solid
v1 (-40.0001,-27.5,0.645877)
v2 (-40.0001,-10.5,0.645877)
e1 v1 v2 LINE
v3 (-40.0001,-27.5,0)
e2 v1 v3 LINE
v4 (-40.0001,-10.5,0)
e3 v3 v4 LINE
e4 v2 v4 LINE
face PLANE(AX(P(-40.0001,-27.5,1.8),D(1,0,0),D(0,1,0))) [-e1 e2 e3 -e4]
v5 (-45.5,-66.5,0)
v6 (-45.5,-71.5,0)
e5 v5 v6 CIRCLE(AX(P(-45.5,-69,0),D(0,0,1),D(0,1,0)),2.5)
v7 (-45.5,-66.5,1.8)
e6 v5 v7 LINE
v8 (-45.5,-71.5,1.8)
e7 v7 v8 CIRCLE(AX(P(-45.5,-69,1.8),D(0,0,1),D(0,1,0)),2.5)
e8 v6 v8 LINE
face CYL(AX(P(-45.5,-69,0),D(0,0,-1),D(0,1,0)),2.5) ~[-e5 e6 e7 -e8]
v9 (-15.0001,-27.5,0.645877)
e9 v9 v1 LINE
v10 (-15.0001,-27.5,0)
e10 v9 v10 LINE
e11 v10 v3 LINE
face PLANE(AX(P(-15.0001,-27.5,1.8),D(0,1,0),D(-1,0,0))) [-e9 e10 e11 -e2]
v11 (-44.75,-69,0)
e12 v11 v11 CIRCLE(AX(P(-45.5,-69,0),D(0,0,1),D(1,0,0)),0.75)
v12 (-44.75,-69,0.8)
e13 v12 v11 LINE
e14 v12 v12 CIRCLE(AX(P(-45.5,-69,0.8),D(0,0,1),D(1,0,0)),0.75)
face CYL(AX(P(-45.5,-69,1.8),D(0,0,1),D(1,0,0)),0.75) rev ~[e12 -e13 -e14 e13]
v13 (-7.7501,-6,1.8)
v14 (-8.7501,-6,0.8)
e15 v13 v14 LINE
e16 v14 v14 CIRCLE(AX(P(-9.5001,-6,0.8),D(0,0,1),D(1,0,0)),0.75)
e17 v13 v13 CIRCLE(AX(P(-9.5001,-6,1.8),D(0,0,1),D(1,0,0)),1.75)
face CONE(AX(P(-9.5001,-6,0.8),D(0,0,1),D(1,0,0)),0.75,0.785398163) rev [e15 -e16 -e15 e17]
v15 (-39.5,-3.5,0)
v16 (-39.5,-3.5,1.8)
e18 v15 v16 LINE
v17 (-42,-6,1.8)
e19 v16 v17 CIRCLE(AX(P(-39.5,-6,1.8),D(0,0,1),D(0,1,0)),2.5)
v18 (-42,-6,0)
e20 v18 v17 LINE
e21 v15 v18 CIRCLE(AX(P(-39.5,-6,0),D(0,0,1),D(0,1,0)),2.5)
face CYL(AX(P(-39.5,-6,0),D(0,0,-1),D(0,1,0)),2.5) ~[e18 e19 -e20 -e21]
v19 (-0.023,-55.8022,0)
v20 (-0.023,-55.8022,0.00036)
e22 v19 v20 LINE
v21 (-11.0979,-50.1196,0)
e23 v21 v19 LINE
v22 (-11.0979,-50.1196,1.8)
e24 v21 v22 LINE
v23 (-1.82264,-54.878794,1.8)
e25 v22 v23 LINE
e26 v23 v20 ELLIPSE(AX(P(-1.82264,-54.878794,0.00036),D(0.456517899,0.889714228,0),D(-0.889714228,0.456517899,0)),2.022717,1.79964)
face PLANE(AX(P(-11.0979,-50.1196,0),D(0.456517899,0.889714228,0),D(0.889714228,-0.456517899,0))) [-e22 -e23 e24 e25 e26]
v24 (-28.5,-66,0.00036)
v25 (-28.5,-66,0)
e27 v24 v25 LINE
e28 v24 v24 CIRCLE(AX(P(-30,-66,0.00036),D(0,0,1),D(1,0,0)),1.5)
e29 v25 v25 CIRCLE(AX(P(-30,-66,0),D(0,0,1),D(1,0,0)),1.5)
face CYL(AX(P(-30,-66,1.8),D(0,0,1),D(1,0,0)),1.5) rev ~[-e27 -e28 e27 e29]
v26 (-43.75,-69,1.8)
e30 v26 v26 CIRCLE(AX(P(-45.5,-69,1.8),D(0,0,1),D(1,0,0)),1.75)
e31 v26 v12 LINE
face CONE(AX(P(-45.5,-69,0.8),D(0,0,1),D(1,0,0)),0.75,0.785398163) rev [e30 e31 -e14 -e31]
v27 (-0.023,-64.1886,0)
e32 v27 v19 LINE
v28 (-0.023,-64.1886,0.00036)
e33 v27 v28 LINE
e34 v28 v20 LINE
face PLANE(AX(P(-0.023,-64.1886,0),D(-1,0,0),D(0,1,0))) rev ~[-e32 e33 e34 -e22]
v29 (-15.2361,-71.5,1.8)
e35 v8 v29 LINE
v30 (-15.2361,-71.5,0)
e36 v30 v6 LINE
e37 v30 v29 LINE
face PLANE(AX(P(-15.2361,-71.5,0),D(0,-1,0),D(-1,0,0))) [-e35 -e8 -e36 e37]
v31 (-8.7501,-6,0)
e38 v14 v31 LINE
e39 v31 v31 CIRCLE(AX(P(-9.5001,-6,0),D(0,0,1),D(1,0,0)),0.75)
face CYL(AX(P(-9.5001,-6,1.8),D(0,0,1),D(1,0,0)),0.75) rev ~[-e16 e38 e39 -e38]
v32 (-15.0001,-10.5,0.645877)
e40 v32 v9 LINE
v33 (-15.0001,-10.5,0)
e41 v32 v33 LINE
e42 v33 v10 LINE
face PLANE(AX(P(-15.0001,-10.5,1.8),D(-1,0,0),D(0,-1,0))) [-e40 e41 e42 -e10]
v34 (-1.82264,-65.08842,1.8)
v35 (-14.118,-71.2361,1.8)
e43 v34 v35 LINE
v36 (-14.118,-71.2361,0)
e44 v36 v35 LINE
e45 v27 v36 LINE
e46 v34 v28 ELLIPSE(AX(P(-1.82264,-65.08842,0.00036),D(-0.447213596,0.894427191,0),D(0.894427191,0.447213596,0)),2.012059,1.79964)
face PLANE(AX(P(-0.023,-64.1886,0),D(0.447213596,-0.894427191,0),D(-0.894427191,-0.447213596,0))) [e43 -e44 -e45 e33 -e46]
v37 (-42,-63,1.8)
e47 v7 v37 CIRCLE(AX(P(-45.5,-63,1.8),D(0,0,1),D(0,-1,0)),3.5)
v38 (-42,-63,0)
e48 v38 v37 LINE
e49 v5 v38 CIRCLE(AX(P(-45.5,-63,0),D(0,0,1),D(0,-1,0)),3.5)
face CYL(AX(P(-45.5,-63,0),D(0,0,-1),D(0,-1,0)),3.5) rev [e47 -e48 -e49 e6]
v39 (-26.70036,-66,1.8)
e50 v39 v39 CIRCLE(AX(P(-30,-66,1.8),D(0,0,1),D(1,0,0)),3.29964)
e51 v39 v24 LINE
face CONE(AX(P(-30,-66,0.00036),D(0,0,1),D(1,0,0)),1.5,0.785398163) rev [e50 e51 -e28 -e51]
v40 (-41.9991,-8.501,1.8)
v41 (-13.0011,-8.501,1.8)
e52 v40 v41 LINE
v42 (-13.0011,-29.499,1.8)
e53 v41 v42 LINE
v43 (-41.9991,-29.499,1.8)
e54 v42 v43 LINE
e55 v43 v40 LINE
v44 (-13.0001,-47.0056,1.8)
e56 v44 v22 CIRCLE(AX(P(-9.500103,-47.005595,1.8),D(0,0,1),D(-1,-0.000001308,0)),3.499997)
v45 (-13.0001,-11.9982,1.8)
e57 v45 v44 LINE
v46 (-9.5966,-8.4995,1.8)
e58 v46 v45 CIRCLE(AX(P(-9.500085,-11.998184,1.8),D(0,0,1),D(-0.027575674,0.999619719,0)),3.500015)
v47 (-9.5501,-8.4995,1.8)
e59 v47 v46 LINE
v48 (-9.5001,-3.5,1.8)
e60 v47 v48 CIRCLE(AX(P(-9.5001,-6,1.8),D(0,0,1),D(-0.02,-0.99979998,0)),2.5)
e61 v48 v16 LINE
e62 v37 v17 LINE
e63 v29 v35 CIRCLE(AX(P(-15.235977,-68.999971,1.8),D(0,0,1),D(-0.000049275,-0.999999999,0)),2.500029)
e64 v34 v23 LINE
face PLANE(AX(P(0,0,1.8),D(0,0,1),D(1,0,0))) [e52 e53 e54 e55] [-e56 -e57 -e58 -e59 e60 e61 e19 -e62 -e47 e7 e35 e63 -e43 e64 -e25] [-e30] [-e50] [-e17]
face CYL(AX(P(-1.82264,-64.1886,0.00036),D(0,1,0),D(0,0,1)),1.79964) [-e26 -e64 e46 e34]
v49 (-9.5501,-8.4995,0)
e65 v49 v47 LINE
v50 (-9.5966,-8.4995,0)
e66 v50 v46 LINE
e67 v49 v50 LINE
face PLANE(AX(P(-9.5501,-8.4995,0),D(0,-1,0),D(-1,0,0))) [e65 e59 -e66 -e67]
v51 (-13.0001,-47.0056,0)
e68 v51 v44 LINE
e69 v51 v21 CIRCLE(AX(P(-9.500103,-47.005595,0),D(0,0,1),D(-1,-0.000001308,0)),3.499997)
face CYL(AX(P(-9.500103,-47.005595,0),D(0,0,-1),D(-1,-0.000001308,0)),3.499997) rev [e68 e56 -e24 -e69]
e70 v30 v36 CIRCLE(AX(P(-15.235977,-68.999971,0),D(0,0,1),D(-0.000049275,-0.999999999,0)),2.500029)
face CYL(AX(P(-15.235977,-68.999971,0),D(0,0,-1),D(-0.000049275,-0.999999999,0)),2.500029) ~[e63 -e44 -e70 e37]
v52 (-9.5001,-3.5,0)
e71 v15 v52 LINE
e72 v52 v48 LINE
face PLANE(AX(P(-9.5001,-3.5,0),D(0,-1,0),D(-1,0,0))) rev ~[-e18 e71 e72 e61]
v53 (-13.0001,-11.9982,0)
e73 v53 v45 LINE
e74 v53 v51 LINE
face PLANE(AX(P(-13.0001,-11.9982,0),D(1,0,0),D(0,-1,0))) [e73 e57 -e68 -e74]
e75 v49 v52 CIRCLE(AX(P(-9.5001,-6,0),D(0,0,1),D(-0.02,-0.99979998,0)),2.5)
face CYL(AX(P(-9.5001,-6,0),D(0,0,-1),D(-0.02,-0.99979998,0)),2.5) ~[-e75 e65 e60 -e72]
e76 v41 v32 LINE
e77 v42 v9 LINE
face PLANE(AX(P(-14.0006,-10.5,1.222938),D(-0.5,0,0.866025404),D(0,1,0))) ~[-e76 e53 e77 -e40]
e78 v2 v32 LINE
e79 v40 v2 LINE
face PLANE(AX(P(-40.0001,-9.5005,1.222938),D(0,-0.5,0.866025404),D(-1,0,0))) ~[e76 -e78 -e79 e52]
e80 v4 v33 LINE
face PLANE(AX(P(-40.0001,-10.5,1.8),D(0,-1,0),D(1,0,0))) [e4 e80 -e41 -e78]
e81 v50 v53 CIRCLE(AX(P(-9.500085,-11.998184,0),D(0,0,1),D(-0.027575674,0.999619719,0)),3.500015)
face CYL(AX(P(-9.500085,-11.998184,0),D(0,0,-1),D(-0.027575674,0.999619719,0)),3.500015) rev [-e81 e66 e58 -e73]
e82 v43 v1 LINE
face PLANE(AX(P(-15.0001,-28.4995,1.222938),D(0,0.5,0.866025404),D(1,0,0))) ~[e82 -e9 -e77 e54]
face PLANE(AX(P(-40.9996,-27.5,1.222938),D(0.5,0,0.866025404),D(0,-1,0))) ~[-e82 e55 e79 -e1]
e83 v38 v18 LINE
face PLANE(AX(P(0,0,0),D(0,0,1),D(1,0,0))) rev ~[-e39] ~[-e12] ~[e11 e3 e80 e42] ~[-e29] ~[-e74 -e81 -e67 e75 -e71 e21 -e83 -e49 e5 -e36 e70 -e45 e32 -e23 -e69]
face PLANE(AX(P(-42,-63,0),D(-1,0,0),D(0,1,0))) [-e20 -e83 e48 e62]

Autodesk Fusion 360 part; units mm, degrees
sketch "Esboço1" plane through (0, 0, 0) normal (0, 0, 1) x (1, 0, 0)
  line L0 (-0.023, -64.1886) -> (-14.118, -71.2361)
  arc A0 (-15.2361, -71.5) -> (-14.118, -71.2361) centre (-15.2361, -69) ccw
  line L1 (-15.2361, -71.5) -> (-42.5, -71.5)
  line L2 (-42.5, -71.5) -> (-45.5, -71.5)
  arc A1 (-45.5, -66.5) -> (-45.5, -71.5) centre (-45.5, -69) ccw
  arc A2 (-45.5, -66.5) -> (-42, -63) centre (-45.5, -63) ccw
  line L3 (-42, -63) -> (-42, -6)
  arc A3 (-39.5, -3.5) -> (-42, -6) centre (-39.5, -6) ccw
  line L4 (-39.5, -3.5) -> (-13, -3.5)
  line L5 (-9.5001, -3.5) -> (-13, -3.5)
  arc A4 (-9.5501, -8.4995) -> (-9.5001, -3.5) centre (-9.5001, -6) ccw
  line L6 (-9.5501, -8.4995) -> (-9.5966, -8.4995)
  arc A5 (-9.5966, -8.4995) -> (-13.0001, -11.9982) centre (-9.5001, -11.9982) ccw
  line L7 (-13.0001, -11.9982) -> (-13.0001, -47.0056)
  arc A6 (-13.0001, -47.0056) -> (-11.0979, -50.1196) centre (-9.5001, -47.0056) ccw
  line L8 (-11.0979, -50.1196) -> (-0.023, -55.8022)
  line L9 (-0.023, -64.1886) -> (-0.023, -55.8022)
extrude "Extrusão1" add sketch "Esboço1" along normal blind 1.8
sketch "Esboço2" plane through (0, 0, 1.8) normal (0, 0, 1) x (1, 0, 0)
  arc A0 (-15.2361, -71.5) -> (-14.118, -71.2361) centre (-15.2361, -69) ccw
  line L0 (-14.118, -71.2361) -> (-0.023, -64.1886)
  line L1 (-0.023, -64.1886) -> (-0.023, -55.8022)
  line L2 (-0.023, -55.8022) -> (-11.0979, -50.1196)
  arc A1 (-13.0001, -47.0056) -> (-11.0979, -50.1196) centre (-9.5001, -47.0056) ccw
  line L3 (-13.0001, -47.0056) -> (-13.0001, -11.9982)
  arc A2 (-9.5966, -8.4995) -> (-13.0001, -11.9982) centre (-9.5001, -11.9982) ccw
  line L4 (-9.5966, -8.4995) -> (-9.5501, -8.4995)
  arc A3 (-9.5501, -8.4995) -> (-9.5001, -3.5) centre (-9.5001, -6) ccw
  line L5 (-9.5001, -3.5) -> (-39.5, -3.5)
  arc A4 (-39.5, -3.5) -> (-42, -6) centre (-39.5, -6) ccw
  line L6 (-42, -6) -> (-42, -63)
  arc A5 (-45.5, -66.5) -> (-42, -63) centre (-45.5, -63) ccw
  arc A6 (-45.5, -66.5) -> (-45.5, -71.5) centre (-45.5, -69) ccw
  line L7 (-45.5, -71.5) -> (-42.5, -71.5)
  line L8 (-42.5, -71.5) -> (-15.2361, -71.5)
  circle A7 centre (-9.5001, -6) radius 0.75
  circle A8 centre (-45.5, -69) radius 0.75
  line L9 (-15.0001, -27.5) -> (-40.0001, -27.5)
  line L10 (-40.0001, -27.5) -> (-40.0001, -10.5)
  line L11 (-40.0001, -10.5) -> (-15.0001, -10.5)
  line L12 (-15.0001, -10.5) -> (-15.0001, -27.5)
  circle A9 centre (-30, -66) radius 1.5
  dimension "d10" = 1.5
  dimension "d11" = 1.5
  dimension "d12" = 25
  dimension "d13" = 17
  dimension "d14" = 2
  dimension "d15" = 1.9999
  dimension "d16" = 7
  dimension "d25" = 3
extrude "Extrusão2" cut sketch "Esboço2" against normal blind 4 contours A7 | A8 | L9 L10 L11 L12 | A9
chamfer "Chanfro1" distance 1.999 angle 30 4 edges at (-27.5001, -27.5, 1.8) (-40.0001, -19, 1.8) (-27.5001, -10.5, 1.8) (-15.0001, -19, 1.8) measured on face at (-27.7041, -46.3366, 1.8) measured on face at (-27.7041, -46.3366, 1.8) measured on face at (-27.7041, -46.3366, 1.8) measured on face at (-27.7041, -46.3366, 1.8)
fillet "Arredondamento1" radius 1.8 1 edges at (-0.023, -59.9954, 1.8)
chamfer "Chanfro2" distance 1 angle 45 2 edges at (-10.1993, -5.7288, 1.8) (-46.1992, -68.7288, 1.8) measured on face at (-28.3704, -47.0029, 1.8) measured on face at (-28.3704, -47.0029, 1.8)
chamfer "Chanfro3" distance 1.8 angle 45 1 edges at (-31.3985, -65.4576, 1.8) measured on face at (-28.3704, -47.0029, 1.8)
